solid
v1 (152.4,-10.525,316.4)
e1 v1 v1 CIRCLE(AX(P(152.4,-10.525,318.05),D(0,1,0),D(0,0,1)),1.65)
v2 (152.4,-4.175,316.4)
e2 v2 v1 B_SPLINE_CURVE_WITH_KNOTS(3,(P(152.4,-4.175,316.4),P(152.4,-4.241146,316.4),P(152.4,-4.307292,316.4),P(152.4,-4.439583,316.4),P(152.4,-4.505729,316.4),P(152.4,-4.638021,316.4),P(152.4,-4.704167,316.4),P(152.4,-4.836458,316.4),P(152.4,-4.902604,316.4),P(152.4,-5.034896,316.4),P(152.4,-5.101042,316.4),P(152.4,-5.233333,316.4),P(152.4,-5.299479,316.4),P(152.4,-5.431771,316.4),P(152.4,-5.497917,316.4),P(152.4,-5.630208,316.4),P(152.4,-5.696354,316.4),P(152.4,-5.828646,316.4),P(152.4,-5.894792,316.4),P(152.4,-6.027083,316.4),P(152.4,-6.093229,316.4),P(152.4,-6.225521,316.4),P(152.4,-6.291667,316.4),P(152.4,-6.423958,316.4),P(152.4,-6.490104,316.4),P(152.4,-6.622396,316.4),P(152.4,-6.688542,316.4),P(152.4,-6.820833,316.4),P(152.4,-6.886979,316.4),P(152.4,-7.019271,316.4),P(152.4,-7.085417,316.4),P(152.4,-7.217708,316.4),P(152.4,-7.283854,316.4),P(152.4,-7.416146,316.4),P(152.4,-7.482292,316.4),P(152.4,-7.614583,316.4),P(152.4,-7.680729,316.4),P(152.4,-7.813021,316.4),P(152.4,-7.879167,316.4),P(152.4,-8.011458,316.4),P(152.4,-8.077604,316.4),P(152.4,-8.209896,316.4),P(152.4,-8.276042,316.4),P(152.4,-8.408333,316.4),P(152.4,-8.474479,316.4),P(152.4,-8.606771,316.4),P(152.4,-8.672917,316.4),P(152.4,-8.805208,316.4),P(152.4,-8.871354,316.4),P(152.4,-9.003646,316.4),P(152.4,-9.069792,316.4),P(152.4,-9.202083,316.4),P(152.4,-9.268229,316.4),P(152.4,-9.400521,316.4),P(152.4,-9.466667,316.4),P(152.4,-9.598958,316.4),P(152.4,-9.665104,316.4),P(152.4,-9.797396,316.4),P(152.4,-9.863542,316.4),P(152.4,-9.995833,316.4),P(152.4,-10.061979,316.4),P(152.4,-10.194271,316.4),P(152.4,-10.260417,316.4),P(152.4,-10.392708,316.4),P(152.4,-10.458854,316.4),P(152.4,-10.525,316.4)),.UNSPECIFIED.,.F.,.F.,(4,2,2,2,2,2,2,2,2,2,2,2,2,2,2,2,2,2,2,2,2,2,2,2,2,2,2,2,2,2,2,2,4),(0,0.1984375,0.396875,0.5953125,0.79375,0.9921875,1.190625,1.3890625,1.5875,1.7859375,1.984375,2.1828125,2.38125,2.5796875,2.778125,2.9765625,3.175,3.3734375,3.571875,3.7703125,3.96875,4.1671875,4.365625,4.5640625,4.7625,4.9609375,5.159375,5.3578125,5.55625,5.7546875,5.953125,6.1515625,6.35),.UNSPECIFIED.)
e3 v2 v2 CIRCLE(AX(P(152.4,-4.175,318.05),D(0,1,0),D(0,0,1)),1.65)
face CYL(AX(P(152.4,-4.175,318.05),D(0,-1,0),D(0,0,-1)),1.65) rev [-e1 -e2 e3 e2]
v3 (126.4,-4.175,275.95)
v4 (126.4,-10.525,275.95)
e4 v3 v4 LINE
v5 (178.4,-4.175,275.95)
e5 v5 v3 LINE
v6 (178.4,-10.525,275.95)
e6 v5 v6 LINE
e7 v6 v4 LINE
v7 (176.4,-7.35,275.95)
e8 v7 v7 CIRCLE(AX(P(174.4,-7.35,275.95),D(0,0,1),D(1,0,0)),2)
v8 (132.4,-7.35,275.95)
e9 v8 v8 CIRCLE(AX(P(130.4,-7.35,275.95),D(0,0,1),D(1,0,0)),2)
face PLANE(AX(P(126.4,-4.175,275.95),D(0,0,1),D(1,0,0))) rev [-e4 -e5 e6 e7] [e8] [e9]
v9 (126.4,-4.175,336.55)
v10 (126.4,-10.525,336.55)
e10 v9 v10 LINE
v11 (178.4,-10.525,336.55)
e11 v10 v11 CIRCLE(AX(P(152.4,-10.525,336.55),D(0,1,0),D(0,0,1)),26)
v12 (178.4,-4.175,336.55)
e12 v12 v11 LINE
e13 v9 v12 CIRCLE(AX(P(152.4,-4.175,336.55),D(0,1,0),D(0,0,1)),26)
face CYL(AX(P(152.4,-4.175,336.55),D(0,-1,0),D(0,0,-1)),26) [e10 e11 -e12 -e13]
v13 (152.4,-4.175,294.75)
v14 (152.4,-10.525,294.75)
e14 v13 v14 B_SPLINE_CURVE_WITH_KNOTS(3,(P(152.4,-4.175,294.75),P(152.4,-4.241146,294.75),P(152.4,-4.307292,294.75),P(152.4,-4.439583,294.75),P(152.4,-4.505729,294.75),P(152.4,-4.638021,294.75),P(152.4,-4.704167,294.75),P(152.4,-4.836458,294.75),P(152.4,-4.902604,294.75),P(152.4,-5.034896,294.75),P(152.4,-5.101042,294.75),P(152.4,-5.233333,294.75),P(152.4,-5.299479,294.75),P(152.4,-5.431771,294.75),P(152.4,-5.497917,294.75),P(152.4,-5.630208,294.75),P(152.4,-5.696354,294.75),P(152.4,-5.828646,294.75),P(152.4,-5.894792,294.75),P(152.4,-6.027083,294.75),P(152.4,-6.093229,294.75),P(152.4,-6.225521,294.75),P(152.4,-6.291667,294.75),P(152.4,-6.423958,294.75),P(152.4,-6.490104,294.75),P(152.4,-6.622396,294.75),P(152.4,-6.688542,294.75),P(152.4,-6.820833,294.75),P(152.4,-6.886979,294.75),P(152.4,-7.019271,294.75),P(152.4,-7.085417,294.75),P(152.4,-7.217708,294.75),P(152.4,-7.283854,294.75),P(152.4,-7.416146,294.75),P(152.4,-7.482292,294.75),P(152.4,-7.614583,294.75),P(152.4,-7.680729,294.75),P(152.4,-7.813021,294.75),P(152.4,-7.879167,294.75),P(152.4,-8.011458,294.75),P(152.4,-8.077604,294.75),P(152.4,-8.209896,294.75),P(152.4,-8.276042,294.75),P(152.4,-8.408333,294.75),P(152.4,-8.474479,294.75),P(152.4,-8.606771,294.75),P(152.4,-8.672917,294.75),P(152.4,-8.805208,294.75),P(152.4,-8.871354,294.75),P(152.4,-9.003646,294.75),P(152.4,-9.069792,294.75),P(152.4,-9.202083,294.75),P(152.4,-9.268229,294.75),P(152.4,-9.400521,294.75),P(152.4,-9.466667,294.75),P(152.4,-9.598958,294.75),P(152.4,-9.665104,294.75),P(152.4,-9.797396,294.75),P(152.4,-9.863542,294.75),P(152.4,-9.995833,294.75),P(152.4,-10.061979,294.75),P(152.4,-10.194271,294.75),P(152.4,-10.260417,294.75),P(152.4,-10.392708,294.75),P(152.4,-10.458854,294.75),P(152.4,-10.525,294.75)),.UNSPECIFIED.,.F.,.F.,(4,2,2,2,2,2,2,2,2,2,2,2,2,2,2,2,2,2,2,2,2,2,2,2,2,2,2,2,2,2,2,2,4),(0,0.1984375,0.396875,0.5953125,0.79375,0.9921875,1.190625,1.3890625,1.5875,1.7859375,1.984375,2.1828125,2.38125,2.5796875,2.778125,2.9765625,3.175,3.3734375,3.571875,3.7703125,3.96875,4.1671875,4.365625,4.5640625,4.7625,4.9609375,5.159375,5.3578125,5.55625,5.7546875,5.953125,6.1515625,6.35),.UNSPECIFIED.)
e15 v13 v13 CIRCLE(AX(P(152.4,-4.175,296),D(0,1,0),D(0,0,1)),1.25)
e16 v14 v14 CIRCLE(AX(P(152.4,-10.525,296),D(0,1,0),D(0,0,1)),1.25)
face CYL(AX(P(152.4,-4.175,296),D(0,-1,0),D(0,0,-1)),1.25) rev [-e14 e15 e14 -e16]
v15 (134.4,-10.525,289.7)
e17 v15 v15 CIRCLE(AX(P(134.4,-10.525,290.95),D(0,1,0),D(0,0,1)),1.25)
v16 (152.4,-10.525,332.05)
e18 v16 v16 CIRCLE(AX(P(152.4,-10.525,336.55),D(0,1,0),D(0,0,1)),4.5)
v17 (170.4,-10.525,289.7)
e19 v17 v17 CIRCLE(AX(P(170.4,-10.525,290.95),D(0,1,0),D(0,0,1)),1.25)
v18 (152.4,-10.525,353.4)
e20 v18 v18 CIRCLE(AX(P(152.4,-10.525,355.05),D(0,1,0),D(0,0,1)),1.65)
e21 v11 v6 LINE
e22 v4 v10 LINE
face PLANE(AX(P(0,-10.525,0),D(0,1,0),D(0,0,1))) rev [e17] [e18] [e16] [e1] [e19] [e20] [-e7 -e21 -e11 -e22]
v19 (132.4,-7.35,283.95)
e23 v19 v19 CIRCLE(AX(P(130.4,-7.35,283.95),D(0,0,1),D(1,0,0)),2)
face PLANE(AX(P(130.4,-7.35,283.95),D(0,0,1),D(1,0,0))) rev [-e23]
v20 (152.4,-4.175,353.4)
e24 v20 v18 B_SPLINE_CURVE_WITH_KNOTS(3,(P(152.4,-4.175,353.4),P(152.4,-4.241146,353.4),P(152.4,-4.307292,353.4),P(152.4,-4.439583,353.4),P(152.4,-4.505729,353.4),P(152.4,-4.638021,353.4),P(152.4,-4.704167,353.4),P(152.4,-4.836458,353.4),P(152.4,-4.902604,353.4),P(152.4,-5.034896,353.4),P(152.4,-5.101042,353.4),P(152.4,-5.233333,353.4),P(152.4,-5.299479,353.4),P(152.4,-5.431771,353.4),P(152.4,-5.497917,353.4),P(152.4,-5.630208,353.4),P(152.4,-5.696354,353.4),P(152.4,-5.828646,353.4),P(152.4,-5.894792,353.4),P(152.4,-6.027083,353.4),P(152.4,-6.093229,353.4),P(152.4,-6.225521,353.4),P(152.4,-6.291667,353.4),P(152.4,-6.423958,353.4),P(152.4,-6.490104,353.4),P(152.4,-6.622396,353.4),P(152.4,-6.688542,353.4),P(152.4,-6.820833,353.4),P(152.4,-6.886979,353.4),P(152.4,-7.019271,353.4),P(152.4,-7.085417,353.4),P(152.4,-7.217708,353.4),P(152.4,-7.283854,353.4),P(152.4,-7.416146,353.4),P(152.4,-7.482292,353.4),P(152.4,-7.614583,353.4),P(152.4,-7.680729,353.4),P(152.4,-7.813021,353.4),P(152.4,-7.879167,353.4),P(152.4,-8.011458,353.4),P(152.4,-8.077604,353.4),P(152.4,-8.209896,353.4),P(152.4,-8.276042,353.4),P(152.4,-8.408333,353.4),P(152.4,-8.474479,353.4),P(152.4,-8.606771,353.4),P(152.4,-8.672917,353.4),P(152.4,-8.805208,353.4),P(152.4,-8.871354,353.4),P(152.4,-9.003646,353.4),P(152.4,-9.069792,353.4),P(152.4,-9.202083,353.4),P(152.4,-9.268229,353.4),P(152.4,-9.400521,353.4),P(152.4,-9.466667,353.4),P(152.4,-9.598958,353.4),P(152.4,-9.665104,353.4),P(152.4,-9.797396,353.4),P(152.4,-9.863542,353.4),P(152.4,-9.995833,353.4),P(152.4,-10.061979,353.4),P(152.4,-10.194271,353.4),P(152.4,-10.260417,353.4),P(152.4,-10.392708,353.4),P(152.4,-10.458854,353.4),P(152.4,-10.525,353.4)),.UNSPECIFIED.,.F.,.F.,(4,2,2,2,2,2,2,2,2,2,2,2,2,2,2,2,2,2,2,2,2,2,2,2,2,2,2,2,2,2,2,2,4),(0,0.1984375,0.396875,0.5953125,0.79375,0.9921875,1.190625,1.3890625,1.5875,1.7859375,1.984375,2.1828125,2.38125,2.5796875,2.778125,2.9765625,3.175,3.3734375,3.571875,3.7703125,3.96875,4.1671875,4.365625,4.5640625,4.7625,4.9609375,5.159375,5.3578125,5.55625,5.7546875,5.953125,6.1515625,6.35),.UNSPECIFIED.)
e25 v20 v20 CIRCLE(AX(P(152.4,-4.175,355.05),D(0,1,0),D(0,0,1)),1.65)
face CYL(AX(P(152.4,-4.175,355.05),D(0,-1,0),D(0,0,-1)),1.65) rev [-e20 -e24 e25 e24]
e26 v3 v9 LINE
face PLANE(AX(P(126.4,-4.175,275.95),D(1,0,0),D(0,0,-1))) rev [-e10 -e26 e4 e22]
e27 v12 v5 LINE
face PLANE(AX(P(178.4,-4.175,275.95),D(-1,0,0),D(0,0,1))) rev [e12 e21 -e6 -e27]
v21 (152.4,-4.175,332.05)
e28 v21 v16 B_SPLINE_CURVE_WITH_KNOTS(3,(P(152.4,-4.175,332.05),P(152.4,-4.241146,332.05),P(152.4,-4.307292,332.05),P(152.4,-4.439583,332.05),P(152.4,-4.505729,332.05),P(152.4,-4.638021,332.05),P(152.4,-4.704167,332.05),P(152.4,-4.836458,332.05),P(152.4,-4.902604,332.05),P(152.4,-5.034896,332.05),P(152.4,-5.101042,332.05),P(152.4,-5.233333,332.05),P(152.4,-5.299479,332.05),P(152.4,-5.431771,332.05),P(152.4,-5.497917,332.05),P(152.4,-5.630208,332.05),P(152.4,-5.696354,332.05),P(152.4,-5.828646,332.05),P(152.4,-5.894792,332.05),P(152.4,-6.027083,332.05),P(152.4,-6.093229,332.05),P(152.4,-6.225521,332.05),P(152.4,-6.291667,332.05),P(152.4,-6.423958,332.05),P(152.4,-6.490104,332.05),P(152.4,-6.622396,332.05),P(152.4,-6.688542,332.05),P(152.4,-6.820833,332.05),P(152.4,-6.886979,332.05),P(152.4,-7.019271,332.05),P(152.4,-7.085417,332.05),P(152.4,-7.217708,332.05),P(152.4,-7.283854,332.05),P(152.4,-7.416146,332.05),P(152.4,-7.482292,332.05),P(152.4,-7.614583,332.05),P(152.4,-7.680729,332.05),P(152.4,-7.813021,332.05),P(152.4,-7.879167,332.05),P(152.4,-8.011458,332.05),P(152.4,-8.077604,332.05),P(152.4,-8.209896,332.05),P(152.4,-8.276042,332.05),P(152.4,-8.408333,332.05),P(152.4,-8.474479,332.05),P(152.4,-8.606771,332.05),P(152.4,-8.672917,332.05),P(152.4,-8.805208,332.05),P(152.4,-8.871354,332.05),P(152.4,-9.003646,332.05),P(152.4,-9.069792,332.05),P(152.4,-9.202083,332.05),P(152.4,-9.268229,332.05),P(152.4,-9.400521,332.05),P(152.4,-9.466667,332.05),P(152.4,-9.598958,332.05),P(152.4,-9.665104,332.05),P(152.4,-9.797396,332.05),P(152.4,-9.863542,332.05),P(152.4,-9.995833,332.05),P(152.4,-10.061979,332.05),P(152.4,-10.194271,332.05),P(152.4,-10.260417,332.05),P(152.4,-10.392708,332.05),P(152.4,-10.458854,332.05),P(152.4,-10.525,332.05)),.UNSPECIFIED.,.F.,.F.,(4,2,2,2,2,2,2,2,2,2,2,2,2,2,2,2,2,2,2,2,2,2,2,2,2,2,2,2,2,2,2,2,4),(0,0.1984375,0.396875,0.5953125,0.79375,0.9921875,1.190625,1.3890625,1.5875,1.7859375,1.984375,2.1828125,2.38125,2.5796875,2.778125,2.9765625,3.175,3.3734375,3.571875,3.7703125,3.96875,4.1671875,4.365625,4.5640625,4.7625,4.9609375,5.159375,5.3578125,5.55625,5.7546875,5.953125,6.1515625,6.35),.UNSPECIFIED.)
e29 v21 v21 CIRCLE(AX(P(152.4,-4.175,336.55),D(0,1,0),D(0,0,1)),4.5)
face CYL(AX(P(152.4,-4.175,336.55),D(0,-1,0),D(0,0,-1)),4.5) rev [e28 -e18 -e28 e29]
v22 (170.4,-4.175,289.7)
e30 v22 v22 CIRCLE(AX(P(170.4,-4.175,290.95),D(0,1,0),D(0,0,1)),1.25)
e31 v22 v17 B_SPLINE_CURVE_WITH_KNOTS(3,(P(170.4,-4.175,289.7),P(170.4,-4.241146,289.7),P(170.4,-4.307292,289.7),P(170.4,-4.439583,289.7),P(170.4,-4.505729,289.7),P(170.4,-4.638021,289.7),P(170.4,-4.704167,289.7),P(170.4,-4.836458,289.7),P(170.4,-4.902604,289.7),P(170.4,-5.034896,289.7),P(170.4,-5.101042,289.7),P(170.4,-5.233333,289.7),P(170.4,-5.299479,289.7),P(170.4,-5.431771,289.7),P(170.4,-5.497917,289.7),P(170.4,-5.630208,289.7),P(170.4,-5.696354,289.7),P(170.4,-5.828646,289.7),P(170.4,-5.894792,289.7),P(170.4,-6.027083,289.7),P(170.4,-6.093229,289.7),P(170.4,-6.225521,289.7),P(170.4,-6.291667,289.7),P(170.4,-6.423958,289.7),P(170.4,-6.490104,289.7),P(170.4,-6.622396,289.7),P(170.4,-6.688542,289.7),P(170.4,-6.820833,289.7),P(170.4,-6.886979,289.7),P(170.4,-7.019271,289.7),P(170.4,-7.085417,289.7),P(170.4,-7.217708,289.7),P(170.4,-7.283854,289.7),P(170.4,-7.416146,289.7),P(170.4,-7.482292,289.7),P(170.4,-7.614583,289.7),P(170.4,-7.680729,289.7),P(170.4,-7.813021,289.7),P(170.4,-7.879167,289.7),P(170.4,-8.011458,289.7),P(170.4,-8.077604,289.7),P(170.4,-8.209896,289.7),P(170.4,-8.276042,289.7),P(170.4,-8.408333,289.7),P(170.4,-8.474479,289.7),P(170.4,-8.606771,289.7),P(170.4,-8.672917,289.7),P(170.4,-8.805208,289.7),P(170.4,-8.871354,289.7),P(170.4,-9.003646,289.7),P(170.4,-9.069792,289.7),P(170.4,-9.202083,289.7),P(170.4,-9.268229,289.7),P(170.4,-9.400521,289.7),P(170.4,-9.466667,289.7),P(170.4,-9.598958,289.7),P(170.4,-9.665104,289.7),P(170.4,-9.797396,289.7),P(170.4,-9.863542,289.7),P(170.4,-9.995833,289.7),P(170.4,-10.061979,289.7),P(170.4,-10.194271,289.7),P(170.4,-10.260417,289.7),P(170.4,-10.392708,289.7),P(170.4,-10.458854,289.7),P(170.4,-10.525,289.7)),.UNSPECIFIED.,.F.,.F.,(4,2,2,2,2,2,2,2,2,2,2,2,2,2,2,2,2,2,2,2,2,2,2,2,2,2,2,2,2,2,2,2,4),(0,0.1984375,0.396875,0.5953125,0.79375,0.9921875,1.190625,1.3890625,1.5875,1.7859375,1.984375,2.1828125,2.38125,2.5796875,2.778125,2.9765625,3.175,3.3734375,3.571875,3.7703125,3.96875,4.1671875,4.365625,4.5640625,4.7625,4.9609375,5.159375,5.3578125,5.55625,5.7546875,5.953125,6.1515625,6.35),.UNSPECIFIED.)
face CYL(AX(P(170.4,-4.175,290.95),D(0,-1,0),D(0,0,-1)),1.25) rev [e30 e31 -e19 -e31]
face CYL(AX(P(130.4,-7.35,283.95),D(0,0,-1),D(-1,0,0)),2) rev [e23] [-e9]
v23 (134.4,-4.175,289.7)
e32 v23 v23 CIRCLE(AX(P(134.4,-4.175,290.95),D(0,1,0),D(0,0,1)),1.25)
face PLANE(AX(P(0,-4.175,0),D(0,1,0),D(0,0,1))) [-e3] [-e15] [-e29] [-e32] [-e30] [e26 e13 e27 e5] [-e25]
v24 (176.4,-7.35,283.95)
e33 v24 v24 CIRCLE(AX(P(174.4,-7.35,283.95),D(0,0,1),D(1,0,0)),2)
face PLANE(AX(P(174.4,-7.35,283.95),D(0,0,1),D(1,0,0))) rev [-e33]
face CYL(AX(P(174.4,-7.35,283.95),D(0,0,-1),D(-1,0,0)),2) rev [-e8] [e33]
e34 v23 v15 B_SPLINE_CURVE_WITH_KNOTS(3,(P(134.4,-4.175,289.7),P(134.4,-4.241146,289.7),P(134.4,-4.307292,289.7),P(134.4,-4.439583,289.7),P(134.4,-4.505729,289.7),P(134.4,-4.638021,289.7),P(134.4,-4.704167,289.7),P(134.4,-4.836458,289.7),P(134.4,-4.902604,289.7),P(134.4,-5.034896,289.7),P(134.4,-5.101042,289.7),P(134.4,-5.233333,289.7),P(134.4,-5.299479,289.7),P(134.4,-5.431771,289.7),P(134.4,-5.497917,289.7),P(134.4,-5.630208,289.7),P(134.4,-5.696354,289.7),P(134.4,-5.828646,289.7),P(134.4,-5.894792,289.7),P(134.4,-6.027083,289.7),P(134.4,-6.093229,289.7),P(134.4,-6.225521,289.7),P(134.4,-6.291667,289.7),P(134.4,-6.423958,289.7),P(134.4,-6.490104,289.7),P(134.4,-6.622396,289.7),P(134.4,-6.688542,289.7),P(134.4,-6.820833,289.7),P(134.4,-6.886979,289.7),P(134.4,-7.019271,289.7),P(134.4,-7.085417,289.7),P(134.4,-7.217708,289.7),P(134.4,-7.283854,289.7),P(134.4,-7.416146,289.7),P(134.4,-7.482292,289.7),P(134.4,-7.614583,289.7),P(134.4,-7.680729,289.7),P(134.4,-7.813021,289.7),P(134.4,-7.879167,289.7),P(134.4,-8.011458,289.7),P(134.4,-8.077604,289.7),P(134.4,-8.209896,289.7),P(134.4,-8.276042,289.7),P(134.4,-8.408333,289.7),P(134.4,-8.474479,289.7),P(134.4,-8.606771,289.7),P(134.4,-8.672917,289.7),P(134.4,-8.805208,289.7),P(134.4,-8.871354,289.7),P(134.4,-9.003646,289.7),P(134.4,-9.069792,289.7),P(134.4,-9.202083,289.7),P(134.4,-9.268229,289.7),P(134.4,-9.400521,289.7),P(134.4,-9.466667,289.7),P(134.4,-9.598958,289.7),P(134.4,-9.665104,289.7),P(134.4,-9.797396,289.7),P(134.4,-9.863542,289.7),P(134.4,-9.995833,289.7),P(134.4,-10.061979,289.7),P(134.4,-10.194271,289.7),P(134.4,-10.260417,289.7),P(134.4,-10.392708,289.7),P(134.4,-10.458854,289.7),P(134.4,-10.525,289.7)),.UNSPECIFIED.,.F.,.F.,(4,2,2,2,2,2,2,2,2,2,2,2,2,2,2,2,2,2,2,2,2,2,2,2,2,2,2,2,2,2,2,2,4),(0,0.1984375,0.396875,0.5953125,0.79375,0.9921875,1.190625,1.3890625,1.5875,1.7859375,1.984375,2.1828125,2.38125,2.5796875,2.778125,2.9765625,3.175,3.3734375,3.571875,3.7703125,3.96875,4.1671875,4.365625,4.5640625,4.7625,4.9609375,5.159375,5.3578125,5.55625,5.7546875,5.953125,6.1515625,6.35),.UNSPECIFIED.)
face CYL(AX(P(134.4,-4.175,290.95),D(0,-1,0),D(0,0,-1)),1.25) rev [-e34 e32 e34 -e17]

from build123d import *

# Parameters (mm, degrees)
PARED_B_CHUMACERA_J5_START          = -10.525
CROQUIS1_W                          = 52
CROQUIS1_H                          = 60.6
PARED_B_CHUMACERA_J5_DEPTH          = 6.35
PARED_B_CHUMACERA_J5_REDONDEO_START = -10.525
CROQUIS2_R                          = 26
PARED_B_CHUMACERA_J5_REDONDEO_DEPTH = 6.35
PASO_PERNO_Y_ROSCA_M4_KFL08_START   = -10.525
CROQUIS3_R                          = 4.5
CROQUIS3_R_2                        = 1.65
PASO_PERNO_Y_ROSCA_M4_KFL08_DEPTH   = 6.35
ROSCA_M3_ESCUADRAS_START            = -10.525
CROQUIS4_R                          = 1.25
ROSCA_M3_ESCUADRAS_DEPTH            = 6.35
PASADORES_D4_START                  = 275.95
CROQUIS5_R                          = 2
PASADORES_D4_DEPTH                  = 8
ROSCA_M3_BASES_CINCHO_START         = -10.525
CROQUIS6_R                          = 1.25
ROSCA_M3_BASES_CINCHO_DEPTH         = 6.35


with BuildPart() as part:
    # Croquis1 → Pared_B_chumacera_J5 (new body)
    with BuildSketch(Plane(origin=(0, 0, 0), x_dir=(1, 0, 0), z_dir=(0, 1, 0)).offset(PARED_B_CHUMACERA_J5_START)):
        with Locations((152.4, -306.25)):
            Rectangle(CROQUIS1_W, CROQUIS1_H)
    extrude(amount=PARED_B_CHUMACERA_J5_DEPTH)

    # Croquis2 → Pared_B_chumacera_J5_redondeo (add)
    with BuildSketch(Plane(origin=(0, 0, 0), x_dir=(1, 0, 0), z_dir=(0, 1, 0)).offset(PARED_B_CHUMACERA_J5_REDONDEO_START)):
        with Locations((152.4, -336.55)):
            Circle(CROQUIS2_R)
    extrude(amount=PARED_B_CHUMACERA_J5_REDONDEO_DEPTH)

    # Croquis3 → Paso_perno_y_rosca_M4_KFL08 (cut)
    with BuildSketch(Plane(origin=(0, 0, 0), x_dir=(1, 0, 0), z_dir=(0, 1, 0)).offset(PASO_PERNO_Y_ROSCA_M4_KFL08_START)):
        with Locations(Location((152.4, -336.55, 0), (0, 0, 90))):
            Circle(CROQUIS3_R)
        with Locations(Location((152.4, -355.05, 0), (0, 0, 90))):
            Circle(CROQUIS3_R_2)
        with Locations(Location((152.4, -318.05, 0), (0, 0, 90))):
            Circle(CROQUIS3_R_2)
    extrude(amount=PASO_PERNO_Y_ROSCA_M4_KFL08_DEPTH, mode=Mode.SUBTRACT)

    # Croquis4 → Rosca_M3_escuadras (cut)
    with BuildSketch(Plane(origin=(0, 0, 0), x_dir=(1, 0, 0), z_dir=(0, 1, 0)).offset(ROSCA_M3_ESCUADRAS_START)):
        with Locations(Location((134.4, -290.95, 0), (0, 0, 90))):
            Circle(CROQUIS4_R)
        with Locations(Location((170.4, -290.95, 0), (0, 0, 90))):
            Circle(CROQUIS4_R)
    extrude(amount=ROSCA_M3_ESCUADRAS_DEPTH, mode=Mode.SUBTRACT)

    # Croquis5 → Pasadores_D4 (cut)
    with BuildSketch(Plane.XY.offset(PASADORES_D4_START)):
        with Locations((130.4, -7.35)):
            Circle(CROQUIS5_R)
        with Locations((174.4, -7.35)):
            Circle(CROQUIS5_R)
    extrude(amount=PASADORES_D4_DEPTH, mode=Mode.SUBTRACT)

    # Croquis6 → Rosca_M3_bases_cincho (cut)
    with BuildSketch(Plane(origin=(0, 0, 0), x_dir=(1, 0, 0), z_dir=(0, 1, 0)).offset(ROSCA_M3_BASES_CINCHO_START)):
        with Locations(Location((152.4, -296, 0), (0, 0, 90))):
            Circle(CROQUIS6_R)
    extrude(amount=ROSCA_M3_BASES_CINCHO_DEPTH, mode=Mode.SUBTRACT)


solid = part.part
